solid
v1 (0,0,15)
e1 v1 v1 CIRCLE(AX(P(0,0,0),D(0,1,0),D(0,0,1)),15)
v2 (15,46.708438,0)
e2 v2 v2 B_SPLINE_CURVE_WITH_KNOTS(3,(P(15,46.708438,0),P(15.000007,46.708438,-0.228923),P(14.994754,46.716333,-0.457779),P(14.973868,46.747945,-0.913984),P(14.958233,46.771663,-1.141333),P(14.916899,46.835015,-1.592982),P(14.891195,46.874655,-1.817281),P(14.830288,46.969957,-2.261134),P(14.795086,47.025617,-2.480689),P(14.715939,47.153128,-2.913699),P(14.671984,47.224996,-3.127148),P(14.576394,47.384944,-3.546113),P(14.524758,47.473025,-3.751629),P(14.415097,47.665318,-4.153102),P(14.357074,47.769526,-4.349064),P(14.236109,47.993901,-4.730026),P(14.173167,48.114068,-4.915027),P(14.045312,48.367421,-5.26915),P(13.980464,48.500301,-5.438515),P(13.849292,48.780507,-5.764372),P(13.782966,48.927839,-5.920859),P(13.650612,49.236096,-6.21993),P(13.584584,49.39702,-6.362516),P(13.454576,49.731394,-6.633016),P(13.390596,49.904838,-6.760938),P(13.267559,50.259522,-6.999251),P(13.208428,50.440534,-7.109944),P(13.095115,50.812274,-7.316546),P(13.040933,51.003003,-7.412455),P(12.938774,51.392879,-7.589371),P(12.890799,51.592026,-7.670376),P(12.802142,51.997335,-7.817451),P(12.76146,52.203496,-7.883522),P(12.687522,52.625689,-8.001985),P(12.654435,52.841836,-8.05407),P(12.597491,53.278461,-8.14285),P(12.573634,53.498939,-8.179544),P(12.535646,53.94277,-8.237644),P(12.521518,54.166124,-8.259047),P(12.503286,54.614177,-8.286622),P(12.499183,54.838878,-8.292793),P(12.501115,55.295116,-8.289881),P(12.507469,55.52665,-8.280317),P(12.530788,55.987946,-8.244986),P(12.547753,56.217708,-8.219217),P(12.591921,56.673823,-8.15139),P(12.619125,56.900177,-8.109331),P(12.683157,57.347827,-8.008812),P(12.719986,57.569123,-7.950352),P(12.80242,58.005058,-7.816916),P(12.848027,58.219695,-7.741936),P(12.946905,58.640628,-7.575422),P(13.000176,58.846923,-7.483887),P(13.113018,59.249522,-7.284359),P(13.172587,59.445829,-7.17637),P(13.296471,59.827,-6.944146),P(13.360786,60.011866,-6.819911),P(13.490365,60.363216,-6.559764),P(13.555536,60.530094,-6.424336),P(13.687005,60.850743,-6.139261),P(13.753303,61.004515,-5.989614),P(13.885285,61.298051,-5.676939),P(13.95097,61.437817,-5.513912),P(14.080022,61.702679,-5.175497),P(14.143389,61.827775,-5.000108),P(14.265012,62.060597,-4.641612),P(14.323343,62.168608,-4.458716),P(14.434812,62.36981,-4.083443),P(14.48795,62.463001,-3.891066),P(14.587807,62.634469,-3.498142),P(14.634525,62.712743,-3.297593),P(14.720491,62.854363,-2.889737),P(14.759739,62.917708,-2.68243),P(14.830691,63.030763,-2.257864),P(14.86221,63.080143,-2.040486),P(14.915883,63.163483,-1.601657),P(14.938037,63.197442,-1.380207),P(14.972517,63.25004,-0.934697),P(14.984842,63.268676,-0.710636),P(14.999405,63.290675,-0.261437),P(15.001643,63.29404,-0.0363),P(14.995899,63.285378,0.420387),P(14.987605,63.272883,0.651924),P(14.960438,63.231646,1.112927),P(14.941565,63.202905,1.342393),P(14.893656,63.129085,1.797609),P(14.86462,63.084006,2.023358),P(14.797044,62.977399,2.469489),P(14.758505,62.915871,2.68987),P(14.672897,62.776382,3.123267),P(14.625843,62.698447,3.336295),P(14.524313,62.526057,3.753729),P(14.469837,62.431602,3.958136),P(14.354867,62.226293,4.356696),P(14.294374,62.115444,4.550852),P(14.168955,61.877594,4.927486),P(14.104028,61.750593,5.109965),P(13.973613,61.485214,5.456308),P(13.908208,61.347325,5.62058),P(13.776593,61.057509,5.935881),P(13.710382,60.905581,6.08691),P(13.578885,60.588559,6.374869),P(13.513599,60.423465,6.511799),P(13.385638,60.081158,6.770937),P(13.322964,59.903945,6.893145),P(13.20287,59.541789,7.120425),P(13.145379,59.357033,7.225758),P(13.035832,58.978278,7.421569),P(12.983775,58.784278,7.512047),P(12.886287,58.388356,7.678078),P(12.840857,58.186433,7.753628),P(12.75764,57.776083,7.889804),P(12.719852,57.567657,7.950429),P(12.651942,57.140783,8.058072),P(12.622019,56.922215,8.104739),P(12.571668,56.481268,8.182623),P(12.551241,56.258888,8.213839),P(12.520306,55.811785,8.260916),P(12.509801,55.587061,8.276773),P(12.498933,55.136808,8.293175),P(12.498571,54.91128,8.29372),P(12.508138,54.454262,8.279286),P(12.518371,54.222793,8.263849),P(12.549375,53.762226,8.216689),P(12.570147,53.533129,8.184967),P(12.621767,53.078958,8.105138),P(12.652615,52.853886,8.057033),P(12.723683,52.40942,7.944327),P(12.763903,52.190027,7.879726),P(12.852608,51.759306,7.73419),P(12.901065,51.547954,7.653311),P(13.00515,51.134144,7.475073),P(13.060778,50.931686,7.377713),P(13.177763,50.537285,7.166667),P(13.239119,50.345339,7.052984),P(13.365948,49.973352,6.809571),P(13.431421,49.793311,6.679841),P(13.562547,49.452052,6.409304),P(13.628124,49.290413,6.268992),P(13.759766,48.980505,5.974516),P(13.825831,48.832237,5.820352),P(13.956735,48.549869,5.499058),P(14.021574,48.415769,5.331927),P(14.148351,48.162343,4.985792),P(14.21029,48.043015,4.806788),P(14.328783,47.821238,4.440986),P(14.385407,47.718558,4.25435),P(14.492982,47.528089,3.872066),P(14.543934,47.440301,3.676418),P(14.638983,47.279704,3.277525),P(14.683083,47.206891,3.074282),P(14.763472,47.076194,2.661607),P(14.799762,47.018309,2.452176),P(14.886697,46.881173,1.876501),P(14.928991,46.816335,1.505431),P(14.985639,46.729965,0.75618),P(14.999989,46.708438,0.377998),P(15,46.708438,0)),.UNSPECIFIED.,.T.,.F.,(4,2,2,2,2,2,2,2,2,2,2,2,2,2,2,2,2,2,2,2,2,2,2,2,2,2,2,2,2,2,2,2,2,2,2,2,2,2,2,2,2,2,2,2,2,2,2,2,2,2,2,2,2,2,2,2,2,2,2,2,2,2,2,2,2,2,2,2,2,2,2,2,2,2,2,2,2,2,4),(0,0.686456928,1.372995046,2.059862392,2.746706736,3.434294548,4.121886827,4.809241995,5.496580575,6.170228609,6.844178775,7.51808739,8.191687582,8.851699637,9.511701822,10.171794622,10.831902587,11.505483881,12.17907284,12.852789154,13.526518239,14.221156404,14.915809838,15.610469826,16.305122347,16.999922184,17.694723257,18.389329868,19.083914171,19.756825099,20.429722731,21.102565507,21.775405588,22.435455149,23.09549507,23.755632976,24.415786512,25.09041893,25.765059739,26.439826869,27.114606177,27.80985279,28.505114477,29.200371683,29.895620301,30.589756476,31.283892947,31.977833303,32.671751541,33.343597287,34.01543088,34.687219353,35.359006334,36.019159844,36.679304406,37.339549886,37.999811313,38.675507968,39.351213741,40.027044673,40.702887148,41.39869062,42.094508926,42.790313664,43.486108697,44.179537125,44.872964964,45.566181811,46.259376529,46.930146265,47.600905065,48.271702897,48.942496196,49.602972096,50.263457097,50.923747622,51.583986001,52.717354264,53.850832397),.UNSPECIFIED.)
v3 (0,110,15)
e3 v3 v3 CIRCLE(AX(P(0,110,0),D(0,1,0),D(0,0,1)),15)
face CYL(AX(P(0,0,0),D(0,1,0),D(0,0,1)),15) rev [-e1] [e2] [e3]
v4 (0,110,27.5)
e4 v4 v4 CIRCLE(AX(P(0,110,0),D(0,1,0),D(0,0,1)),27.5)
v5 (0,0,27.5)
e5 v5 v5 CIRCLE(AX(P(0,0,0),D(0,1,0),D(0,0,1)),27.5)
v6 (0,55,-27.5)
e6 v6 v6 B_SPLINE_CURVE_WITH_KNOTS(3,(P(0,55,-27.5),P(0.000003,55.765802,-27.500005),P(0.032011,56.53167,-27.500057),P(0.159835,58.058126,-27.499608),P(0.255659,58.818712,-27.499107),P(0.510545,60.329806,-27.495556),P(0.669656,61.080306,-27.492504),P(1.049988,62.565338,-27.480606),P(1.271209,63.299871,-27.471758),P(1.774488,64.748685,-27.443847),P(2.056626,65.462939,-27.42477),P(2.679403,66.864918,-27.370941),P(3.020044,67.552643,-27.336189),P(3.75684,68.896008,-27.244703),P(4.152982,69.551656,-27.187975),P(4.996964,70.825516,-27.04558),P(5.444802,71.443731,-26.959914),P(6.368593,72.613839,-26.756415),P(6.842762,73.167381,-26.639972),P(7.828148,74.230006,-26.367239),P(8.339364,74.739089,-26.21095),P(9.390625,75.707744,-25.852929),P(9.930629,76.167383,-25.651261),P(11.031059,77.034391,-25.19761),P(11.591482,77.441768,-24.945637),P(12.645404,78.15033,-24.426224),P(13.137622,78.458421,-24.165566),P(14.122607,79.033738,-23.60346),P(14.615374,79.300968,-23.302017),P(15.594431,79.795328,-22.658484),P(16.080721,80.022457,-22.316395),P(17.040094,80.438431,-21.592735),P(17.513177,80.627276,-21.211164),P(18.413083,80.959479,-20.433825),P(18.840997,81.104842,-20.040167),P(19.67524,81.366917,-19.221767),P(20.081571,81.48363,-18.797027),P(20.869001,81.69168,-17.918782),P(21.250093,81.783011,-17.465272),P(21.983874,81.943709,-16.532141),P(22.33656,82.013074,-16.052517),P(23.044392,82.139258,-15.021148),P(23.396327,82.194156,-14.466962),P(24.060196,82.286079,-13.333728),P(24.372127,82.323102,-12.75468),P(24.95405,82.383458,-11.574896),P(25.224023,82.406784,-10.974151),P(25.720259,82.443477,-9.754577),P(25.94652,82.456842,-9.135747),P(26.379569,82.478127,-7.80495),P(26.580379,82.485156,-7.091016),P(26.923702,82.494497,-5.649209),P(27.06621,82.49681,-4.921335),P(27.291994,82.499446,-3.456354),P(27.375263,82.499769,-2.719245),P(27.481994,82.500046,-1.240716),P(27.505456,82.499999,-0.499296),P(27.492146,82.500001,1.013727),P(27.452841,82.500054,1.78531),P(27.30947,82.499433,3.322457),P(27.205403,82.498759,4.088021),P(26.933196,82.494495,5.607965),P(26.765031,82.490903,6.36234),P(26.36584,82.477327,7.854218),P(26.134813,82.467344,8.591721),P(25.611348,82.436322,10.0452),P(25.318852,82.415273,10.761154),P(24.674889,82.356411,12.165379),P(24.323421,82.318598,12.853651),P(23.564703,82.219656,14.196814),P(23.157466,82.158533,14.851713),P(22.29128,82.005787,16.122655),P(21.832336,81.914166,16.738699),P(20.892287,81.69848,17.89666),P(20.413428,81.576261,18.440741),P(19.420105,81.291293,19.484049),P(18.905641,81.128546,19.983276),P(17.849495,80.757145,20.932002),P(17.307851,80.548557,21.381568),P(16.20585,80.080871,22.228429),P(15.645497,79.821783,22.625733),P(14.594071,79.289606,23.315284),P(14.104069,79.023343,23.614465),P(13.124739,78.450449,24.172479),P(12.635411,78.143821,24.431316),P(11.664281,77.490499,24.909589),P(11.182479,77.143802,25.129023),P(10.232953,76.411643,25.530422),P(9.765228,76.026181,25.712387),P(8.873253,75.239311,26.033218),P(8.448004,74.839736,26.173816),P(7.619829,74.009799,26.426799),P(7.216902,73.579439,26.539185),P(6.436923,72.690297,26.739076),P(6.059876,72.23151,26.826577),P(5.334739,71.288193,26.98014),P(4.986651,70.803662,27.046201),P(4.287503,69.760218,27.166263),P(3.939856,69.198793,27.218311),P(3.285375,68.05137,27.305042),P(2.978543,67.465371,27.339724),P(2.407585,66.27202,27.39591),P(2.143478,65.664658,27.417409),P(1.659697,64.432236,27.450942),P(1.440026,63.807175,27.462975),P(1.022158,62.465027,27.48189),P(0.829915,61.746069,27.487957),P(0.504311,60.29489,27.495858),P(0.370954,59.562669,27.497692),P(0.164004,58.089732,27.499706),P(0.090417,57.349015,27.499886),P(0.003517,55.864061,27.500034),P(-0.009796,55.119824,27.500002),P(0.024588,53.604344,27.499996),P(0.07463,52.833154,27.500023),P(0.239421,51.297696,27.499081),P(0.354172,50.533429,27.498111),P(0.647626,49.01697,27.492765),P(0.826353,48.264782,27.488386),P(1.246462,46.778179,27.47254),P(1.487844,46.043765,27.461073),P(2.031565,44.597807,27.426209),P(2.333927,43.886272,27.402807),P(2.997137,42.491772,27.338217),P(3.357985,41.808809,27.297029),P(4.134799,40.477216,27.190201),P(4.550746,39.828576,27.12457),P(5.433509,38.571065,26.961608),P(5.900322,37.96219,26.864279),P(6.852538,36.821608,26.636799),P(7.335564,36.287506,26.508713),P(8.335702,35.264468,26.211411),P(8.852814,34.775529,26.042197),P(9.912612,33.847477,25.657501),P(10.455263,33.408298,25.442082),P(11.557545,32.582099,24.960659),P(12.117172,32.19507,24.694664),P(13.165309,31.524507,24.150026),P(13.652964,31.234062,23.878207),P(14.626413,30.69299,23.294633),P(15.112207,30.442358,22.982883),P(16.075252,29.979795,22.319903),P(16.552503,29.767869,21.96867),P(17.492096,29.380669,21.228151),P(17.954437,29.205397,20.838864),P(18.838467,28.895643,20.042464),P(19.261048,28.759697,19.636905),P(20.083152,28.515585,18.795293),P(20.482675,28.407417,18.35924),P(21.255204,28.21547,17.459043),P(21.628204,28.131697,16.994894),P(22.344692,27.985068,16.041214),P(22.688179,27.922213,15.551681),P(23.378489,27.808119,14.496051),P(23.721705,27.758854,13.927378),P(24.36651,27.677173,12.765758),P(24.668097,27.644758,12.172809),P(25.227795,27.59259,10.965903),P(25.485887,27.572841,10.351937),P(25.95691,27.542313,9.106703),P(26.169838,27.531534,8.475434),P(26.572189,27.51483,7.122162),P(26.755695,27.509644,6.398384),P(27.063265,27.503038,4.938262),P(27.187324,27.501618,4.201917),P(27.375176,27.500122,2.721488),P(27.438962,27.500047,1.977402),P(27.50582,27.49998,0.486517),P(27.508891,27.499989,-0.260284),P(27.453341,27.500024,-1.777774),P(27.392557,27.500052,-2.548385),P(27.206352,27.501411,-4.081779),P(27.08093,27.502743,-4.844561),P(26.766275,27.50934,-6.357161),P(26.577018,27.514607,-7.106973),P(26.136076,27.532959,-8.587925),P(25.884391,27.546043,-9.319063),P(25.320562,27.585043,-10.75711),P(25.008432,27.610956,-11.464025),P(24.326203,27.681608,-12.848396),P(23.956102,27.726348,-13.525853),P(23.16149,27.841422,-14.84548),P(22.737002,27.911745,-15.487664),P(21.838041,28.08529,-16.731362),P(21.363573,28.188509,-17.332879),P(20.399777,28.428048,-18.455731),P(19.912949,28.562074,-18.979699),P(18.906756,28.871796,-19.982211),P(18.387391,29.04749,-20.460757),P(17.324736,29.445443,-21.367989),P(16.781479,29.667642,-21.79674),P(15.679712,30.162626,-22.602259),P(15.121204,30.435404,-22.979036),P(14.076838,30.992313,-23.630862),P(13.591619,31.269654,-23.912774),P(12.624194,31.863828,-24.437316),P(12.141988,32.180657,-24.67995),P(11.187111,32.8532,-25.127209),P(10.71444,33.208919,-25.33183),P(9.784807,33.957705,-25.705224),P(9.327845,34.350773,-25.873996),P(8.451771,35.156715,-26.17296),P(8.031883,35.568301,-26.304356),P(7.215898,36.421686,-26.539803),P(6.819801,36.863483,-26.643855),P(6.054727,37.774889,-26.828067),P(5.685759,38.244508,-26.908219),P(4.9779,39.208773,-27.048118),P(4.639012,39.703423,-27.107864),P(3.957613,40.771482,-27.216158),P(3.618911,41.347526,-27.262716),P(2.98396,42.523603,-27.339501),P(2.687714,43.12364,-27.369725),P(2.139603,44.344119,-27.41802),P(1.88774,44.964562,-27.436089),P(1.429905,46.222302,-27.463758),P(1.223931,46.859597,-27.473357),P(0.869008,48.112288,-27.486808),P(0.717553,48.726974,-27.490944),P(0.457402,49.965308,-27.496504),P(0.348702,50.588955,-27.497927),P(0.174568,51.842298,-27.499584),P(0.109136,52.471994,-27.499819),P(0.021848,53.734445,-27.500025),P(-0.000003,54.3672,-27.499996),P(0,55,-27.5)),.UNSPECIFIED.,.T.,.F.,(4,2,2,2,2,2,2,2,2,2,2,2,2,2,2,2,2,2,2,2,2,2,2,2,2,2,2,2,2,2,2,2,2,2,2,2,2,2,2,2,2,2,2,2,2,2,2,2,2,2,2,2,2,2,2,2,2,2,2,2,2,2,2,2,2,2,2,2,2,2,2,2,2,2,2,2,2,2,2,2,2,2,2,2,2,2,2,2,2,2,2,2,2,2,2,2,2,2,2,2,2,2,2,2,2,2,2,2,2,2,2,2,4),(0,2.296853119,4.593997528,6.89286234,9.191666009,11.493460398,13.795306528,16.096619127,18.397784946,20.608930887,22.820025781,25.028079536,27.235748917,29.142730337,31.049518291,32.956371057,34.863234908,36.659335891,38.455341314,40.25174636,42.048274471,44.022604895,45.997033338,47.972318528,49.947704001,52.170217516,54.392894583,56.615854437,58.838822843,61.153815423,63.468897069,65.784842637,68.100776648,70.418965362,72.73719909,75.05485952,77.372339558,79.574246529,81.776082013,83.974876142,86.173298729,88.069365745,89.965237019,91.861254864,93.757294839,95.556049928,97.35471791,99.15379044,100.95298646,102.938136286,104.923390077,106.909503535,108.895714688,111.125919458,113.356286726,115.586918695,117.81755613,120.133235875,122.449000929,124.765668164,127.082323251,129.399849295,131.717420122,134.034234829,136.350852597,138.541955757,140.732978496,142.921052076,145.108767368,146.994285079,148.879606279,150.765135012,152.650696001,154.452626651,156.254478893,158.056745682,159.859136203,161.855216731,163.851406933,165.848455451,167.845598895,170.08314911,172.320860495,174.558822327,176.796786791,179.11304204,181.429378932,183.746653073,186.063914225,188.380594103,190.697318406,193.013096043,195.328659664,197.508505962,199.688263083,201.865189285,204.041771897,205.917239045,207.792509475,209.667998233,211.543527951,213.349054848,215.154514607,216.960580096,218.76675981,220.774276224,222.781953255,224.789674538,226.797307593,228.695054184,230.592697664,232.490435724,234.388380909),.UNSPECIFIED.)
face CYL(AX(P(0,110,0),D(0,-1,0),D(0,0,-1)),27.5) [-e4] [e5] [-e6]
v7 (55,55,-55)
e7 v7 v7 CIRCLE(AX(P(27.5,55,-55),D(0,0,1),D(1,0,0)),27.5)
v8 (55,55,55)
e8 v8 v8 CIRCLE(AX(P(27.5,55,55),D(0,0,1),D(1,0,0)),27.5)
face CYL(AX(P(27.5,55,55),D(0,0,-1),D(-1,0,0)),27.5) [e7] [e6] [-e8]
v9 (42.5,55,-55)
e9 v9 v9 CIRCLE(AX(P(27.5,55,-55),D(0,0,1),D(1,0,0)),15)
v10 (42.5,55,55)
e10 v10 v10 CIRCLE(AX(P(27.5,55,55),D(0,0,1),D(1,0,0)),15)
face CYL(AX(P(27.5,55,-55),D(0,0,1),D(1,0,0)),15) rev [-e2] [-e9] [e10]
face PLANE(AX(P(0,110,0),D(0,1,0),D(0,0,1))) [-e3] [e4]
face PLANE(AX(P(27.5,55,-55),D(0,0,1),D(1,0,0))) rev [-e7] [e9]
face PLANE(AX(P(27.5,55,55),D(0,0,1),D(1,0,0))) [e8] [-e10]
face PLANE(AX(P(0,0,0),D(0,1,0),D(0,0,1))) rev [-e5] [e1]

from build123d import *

# Parameters (mm, degrees)
SKETCH1_R           = 27.5
BOSS_EXTRUDE2_DEPTH = 110
SKETCH2_R           = 27.5
BOSS_EXTRUDE3_DEPTH = 55
SKETCH3_R           = 15
CUT_EXTRUDE1_DEPTH  = 110
SKETCH5_R           = 15
CUT_EXTRUDE2_DEPTH  = 110


with BuildPart() as part:
    # Sketch1 → Boss-Extrude2 (new body)
    with BuildSketch(Plane(origin=(0, 0, 0), x_dir=(1, 0, 0), z_dir=(0, 1, 0))):
        with Locations(Location((0, 0, 0), (0, 0, 270))):
            Circle(SKETCH1_R)
    extrude(amount=BOSS_EXTRUDE2_DEPTH)

    # Sketch2 → Boss-Extrude3 (add, symmetric)
    with BuildSketch(Plane.XY):
        with Locations((27.5, 55)):
            Circle(SKETCH2_R)
    extrude(amount=BOSS_EXTRUDE3_DEPTH, both=True)

    # Sketch3 → Cut-Extrude1 (cut)
    with BuildSketch(Plane(origin=(0, 110, 0), x_dir=(1, 0, 0), z_dir=(0, 1, 0))):
        with Locations(Location((0, 0, 0), (0, 0, 270))):
            Circle(SKETCH3_R)
    extrude(amount=-CUT_EXTRUDE1_DEPTH, mode=Mode.SUBTRACT)

    # Sketch5 → Cut-Extrude2 (cut)
    with BuildSketch(Plane.XY.offset(55)):
        with Locations((27.5, 55)):
            Circle(SKETCH5_R)
    extrude(amount=-CUT_EXTRUDE2_DEPTH, mode=Mode.SUBTRACT)


solid = part.part
